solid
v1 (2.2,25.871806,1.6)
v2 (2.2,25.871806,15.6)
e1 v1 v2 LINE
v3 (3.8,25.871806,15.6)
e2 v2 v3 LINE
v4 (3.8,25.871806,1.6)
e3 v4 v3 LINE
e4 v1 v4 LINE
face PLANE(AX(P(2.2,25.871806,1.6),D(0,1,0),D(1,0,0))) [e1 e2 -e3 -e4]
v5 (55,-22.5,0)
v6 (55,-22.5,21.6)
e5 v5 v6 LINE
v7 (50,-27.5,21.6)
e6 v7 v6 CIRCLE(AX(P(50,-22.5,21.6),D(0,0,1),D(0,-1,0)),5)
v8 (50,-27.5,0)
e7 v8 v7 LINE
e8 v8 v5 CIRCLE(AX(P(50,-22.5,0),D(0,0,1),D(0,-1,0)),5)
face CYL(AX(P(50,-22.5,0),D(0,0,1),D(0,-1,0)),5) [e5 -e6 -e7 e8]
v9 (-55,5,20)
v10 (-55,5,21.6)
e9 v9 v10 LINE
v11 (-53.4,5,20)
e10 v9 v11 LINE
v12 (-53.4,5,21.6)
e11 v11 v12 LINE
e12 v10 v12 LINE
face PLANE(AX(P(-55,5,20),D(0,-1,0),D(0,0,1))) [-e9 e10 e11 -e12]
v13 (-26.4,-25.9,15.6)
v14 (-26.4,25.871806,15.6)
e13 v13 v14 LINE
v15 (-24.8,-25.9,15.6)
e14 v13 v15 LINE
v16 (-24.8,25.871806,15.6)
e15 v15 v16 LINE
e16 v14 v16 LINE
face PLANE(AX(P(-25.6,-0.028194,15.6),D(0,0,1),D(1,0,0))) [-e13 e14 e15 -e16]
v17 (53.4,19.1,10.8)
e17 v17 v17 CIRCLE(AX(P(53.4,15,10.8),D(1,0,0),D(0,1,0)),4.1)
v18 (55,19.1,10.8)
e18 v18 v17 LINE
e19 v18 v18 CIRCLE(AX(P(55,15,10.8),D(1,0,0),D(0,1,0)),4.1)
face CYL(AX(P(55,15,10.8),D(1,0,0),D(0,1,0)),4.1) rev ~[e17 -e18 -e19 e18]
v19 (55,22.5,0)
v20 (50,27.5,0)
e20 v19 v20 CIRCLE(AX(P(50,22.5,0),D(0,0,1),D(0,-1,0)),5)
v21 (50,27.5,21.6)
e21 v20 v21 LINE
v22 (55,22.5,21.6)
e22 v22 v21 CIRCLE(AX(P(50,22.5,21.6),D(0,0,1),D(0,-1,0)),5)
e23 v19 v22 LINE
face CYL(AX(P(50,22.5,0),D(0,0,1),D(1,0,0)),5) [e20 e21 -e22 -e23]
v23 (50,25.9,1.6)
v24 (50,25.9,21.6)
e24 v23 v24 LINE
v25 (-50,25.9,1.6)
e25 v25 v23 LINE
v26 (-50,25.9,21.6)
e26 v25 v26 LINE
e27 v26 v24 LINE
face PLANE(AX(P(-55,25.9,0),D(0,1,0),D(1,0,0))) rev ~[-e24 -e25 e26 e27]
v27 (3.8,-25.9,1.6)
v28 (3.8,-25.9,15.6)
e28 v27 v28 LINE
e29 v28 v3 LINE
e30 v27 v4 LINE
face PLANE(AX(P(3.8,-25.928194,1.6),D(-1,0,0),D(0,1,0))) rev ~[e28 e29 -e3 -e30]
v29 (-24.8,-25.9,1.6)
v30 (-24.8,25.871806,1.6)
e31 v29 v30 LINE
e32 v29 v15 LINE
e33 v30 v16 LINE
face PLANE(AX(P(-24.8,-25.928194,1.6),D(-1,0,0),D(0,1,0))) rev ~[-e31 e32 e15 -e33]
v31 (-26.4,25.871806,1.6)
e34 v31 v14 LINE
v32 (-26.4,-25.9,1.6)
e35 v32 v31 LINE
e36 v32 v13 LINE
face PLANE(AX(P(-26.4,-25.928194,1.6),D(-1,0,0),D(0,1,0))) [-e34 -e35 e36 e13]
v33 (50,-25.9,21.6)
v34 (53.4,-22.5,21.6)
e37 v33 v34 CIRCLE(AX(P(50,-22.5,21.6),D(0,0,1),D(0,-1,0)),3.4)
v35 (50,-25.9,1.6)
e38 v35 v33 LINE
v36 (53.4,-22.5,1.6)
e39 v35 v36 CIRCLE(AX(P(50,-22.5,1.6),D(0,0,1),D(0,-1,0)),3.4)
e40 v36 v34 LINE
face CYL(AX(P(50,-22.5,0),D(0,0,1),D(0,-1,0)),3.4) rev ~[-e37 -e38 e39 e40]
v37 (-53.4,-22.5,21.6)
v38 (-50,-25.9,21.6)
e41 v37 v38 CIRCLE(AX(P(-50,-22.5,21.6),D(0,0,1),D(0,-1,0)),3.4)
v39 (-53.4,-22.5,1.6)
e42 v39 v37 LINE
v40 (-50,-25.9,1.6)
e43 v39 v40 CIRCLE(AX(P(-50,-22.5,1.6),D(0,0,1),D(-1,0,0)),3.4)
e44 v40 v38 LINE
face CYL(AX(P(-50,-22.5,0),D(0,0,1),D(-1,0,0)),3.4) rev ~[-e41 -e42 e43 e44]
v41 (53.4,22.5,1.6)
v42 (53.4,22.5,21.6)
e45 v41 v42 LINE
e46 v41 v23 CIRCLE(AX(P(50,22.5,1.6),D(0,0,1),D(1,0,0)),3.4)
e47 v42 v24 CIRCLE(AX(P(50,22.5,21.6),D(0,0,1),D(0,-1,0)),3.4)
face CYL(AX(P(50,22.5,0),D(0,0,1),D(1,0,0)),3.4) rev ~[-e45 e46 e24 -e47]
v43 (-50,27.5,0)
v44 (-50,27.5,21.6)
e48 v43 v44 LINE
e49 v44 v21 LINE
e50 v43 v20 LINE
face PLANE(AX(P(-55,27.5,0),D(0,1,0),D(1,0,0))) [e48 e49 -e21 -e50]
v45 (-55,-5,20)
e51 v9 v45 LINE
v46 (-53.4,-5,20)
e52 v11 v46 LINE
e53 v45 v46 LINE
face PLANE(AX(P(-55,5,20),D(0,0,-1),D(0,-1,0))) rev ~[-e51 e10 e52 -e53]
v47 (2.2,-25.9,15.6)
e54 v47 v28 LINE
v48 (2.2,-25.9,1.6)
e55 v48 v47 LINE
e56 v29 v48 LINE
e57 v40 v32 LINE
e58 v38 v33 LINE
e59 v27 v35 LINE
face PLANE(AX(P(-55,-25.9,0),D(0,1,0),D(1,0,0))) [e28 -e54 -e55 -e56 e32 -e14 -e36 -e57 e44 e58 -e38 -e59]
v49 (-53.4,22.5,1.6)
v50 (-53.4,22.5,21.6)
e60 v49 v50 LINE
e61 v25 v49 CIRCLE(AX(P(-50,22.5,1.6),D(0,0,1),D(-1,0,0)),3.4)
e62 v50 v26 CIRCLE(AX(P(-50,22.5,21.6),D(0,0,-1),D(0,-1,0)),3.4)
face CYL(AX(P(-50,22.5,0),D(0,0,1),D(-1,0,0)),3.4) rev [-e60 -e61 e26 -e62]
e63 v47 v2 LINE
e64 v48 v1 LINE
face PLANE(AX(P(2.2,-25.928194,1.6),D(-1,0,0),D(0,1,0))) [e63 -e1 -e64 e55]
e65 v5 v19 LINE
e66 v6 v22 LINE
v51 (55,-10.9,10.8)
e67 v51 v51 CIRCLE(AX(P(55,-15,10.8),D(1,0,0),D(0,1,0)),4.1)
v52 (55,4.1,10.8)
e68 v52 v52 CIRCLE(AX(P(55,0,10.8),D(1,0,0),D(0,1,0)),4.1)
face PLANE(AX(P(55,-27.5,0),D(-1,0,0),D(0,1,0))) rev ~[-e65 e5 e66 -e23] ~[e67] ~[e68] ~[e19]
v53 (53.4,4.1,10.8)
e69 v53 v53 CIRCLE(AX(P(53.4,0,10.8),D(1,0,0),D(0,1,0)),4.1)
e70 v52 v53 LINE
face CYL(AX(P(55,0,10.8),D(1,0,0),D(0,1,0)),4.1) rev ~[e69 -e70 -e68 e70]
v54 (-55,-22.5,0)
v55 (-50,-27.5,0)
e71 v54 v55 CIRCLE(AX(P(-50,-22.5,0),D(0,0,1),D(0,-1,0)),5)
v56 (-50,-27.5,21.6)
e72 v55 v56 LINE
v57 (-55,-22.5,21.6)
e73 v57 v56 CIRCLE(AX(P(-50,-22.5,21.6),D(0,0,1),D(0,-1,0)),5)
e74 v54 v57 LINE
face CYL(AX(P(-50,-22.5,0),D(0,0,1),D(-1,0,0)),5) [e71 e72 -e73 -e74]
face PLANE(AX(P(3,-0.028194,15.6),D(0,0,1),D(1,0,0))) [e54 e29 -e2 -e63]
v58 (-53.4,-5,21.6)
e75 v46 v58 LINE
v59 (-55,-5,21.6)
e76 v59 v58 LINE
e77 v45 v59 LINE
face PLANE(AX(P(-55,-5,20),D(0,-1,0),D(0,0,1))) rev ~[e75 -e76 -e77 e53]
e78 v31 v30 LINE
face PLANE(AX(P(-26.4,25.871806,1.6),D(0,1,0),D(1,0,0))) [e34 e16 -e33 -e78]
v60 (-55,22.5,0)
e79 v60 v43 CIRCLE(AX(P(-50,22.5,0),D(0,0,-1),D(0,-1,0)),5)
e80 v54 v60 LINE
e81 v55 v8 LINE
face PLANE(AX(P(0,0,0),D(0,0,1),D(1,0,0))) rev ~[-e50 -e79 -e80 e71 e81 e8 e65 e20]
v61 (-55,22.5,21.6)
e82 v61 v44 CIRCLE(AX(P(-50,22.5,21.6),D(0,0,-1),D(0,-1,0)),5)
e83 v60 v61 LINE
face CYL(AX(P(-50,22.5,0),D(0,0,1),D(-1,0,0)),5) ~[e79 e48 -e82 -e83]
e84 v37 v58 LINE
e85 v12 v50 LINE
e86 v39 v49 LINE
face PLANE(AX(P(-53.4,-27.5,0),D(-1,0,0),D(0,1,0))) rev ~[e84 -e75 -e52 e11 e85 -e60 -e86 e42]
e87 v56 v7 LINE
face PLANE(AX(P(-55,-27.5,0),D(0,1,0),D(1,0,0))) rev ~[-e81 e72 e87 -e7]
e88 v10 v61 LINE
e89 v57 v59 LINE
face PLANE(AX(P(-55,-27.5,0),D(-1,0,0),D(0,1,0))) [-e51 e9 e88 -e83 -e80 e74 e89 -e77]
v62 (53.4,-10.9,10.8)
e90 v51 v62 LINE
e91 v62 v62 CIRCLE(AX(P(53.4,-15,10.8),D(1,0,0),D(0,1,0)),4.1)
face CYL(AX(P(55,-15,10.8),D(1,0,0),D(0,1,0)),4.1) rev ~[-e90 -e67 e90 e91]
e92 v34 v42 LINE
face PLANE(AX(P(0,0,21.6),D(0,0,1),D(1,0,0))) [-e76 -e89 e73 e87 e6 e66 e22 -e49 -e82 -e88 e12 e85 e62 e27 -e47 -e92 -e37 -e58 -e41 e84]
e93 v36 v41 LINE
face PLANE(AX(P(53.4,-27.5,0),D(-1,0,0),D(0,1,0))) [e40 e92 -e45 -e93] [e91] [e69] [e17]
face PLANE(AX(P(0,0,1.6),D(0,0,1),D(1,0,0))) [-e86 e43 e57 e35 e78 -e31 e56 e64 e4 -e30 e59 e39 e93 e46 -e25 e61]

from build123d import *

# Parameters (mm, degrees)
F0_W      = 110
F0_H      = 55
F1_DEPTH  = 21.6
F2_R      = 5
F3_T      = -1.6
F5_W      = 1.6
F5_H      = 51.8
F6_DEPTH  = 14
F7_W      = 10
F7_H      = 1.6
F8_DEPTH  = 1.6
F9_R      = 4.1
F10_DEPTH = 3


with BuildPart() as f1:
    # F0 (on Top) → F1 (new body)
    with BuildSketch(Plane.XY):
        Rectangle(F0_W, F0_H)
    extrude(amount=F1_DEPTH)

    # F2
    f2_edges = [f1.edges().sort_by_distance(p)[0] for p in [
        (-55, -27.5, 10.8),
        (55, -27.5, 10.8),
        (55, 27.5, 10.8),
        (-55, 27.5, 10.8),
    ]]
    fillet(f2_edges, radius=F2_R)

    # F3
    f3_openings = [f1.faces().sort_by_distance(p)[0] for p in [
        (0, 0, 21.6),
    ]]
    offset(amount=F3_T, openings=f3_openings)

    # F5 (on face) → F6 (join)
    with BuildSketch(Plane.XY.offset(1.6)):
        with Locations((-25.6, -0.028194)):
            Rectangle(F5_W, F5_H)
        with Locations((3, -0.028194)):
            Rectangle(F5_W, F5_H)
    extrude(amount=F6_DEPTH)

    # F7 (on face) → F8 (cut, through all)
    with BuildSketch(Plane(origin=(-55, 0, 0), x_dir=(0, -1, 0), z_dir=(-1, 0, 0))):
        with Locations((0, 20.8)):
            Rectangle(F7_W, F7_H)
    extrude(amount=-F8_DEPTH, mode=Mode.SUBTRACT)

    # F9 (on face) → F10 (cut)
    with BuildSketch(Plane.YZ.offset(55)):
        with Locations((0, 10.8)):
            Circle(F9_R)
        with Locations((-15, 10.8)):
            Circle(F9_R)
        with Locations((15, 10.8)):
            Circle(F9_R)
    extrude(amount=-F10_DEPTH, mode=Mode.SUBTRACT)


solid = f1.part
